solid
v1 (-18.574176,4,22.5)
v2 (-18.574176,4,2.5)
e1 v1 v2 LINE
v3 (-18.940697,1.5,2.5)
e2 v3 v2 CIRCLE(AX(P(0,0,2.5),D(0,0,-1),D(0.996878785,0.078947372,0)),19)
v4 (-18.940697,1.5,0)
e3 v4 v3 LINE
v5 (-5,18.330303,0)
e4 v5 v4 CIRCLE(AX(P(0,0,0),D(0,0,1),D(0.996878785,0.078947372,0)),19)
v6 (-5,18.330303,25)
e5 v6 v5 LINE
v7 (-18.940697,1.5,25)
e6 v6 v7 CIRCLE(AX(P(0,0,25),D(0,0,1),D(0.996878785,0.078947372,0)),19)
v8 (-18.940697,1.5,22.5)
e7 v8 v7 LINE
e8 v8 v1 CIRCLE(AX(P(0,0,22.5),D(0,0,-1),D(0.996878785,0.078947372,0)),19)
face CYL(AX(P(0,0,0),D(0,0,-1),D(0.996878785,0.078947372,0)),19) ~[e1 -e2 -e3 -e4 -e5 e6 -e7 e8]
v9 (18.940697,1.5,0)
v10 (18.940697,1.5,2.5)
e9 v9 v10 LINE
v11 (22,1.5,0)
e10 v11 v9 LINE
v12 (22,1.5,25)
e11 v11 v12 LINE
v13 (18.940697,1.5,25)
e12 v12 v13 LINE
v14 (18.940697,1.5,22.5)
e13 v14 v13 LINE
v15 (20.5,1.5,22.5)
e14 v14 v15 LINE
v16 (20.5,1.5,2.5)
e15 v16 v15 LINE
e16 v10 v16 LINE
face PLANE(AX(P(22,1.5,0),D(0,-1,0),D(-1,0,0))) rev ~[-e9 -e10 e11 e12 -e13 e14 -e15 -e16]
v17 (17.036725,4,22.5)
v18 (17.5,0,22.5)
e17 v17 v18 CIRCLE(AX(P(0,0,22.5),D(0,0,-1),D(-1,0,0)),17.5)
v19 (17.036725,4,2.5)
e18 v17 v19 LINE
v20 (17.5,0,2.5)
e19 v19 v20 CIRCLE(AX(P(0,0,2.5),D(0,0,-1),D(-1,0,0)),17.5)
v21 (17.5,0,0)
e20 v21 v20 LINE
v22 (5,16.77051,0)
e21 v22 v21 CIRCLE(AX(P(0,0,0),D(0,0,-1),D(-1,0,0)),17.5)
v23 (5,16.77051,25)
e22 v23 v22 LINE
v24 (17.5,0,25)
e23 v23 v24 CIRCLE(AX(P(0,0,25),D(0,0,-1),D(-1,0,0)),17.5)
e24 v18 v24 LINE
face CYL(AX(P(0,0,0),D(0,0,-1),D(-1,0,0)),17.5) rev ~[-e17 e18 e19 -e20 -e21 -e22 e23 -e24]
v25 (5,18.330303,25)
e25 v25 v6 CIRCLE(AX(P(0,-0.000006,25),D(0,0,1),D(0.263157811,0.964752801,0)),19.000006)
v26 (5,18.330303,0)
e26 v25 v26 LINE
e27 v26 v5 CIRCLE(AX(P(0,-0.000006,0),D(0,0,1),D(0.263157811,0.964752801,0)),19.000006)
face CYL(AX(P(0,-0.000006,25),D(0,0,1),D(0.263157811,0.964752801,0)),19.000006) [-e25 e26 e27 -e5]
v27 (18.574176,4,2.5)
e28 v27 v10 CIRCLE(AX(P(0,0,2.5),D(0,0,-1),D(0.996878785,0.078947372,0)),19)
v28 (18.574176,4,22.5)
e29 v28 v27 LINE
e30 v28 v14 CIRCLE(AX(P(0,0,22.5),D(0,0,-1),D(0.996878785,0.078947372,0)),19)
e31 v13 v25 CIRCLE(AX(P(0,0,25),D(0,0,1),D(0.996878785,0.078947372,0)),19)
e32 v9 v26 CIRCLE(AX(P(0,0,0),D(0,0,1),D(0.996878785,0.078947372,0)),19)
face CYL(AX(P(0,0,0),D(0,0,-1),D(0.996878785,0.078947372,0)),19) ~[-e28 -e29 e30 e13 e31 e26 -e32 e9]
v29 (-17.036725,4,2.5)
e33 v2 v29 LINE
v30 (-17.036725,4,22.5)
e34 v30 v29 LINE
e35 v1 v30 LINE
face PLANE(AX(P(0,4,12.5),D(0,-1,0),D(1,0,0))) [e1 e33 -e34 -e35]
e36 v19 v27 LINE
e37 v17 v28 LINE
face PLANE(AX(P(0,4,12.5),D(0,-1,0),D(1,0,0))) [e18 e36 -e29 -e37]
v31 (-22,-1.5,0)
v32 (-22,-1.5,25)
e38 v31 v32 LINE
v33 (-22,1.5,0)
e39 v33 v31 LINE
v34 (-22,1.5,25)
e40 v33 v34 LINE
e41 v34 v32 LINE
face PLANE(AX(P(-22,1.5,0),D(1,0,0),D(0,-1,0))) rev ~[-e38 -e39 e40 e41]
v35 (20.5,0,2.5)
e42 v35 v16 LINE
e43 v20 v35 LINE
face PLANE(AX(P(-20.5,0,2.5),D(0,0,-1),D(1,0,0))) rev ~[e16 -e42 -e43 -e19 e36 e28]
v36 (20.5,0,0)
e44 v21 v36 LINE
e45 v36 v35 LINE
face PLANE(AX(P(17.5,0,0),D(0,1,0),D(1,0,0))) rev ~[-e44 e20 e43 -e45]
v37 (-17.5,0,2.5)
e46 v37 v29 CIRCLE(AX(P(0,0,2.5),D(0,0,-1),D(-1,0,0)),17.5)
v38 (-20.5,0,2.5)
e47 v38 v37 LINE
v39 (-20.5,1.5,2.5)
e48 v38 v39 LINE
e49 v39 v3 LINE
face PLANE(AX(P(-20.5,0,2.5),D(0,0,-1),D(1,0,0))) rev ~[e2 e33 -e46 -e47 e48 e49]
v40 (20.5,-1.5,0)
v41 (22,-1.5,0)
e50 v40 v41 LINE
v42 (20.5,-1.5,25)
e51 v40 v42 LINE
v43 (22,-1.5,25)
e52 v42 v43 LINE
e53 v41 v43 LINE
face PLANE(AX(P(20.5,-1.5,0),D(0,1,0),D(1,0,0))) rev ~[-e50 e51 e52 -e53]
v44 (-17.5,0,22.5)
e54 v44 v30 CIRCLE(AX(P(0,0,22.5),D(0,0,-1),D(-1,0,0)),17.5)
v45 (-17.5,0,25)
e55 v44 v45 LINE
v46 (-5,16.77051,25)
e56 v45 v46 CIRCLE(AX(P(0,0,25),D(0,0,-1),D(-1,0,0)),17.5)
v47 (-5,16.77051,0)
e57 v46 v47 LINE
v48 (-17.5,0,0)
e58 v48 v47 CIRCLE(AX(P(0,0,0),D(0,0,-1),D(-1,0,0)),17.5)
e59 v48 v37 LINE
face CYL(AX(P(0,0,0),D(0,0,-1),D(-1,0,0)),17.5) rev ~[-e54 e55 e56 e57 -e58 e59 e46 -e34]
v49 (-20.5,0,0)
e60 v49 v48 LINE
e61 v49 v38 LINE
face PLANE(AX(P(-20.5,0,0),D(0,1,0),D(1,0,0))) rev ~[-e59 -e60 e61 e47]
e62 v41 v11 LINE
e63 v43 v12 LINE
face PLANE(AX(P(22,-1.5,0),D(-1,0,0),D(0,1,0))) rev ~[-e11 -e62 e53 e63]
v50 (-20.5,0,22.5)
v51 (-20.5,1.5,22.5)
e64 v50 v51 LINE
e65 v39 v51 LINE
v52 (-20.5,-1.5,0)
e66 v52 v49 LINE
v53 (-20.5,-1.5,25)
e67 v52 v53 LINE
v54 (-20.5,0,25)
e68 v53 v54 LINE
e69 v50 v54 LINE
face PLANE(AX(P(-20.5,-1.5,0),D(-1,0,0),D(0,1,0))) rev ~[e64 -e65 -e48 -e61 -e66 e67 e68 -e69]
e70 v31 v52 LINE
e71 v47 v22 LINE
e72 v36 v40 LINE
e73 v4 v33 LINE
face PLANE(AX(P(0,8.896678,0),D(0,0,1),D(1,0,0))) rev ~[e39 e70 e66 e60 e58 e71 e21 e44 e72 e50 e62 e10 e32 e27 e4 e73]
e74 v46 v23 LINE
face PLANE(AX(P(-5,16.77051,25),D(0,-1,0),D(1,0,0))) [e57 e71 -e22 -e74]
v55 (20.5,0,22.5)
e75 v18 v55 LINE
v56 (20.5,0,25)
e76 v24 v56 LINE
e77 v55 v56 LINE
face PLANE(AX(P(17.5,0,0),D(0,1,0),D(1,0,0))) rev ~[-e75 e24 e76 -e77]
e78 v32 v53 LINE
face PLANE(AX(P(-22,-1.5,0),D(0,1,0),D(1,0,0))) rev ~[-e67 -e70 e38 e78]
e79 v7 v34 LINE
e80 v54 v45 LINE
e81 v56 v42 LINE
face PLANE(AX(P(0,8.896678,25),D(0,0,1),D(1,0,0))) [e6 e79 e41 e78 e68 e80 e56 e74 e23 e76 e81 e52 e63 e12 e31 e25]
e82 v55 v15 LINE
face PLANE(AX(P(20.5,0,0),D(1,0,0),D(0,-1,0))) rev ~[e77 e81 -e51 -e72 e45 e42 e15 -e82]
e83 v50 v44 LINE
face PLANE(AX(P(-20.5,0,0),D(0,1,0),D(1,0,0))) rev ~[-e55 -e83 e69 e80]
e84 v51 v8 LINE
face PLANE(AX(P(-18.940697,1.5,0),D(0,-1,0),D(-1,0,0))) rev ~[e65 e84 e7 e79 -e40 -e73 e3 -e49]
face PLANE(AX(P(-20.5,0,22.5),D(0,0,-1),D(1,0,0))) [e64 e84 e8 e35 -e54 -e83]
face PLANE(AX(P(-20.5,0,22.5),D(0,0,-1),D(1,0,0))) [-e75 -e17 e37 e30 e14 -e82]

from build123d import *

# Parameters (mm, degrees)
F1_DEPTH = 25
F3_DEPTH = 25
F4_W     = 41
F4_H     = 20
F5_DEPTH = 4


with BuildPart() as f1:
    # F0 (on Top) → F1 (new body)
    with BuildSketch(Plane.XY):
        with BuildLine():
            ThreePointArc((-17.5, 0), (0, 17.5), (17.5, 0))
            Line((17.5, 0), (20.5, 0))
            Line((20.5, 0), (20.5, -1.5))
            Line((20.5, -1.5), (22, -1.5))
            Line((22, -1.5), (22, 1.5))
            Line((22, 1.5), (18.940697, 1.5))
            ThreePointArc((18.940697, 1.5), (0, 19), (-18.940697, 1.5))
            Line((-18.940697, 1.5), (-22, 1.5))
            Line((-22, 1.5), (-22, -1.5))
            Line((-22, -1.5), (-20.5, -1.5))
            Line((-20.5, -1.5), (-20.5, 0))
            Line((-20.5, 0), (-17.5, 0))
        make_face()
    extrude(amount=F1_DEPTH)

    # F2 (on face) → F3 (join)
    with BuildSketch(Plane.XY.offset(25)):
        with BuildLine():
            Line((5, 16.77051), (5, 18.330303))
            ThreePointArc((5, 18.330303), (0, 19), (-5, 18.330303))
            Line((-5, 18.330303), (-5, 16.77051))
            Line((-5, 16.77051), (5, 16.77051))
        make_face()
    extrude(amount=-F3_DEPTH)

    # F4 (on face) → F5 (cut)
    with BuildSketch(Plane.XZ):
        with Locations((0, 12.5)):
            Rectangle(F4_W, F4_H)
    extrude(amount=-F5_DEPTH, mode=Mode.SUBTRACT)


solid = f1.part
